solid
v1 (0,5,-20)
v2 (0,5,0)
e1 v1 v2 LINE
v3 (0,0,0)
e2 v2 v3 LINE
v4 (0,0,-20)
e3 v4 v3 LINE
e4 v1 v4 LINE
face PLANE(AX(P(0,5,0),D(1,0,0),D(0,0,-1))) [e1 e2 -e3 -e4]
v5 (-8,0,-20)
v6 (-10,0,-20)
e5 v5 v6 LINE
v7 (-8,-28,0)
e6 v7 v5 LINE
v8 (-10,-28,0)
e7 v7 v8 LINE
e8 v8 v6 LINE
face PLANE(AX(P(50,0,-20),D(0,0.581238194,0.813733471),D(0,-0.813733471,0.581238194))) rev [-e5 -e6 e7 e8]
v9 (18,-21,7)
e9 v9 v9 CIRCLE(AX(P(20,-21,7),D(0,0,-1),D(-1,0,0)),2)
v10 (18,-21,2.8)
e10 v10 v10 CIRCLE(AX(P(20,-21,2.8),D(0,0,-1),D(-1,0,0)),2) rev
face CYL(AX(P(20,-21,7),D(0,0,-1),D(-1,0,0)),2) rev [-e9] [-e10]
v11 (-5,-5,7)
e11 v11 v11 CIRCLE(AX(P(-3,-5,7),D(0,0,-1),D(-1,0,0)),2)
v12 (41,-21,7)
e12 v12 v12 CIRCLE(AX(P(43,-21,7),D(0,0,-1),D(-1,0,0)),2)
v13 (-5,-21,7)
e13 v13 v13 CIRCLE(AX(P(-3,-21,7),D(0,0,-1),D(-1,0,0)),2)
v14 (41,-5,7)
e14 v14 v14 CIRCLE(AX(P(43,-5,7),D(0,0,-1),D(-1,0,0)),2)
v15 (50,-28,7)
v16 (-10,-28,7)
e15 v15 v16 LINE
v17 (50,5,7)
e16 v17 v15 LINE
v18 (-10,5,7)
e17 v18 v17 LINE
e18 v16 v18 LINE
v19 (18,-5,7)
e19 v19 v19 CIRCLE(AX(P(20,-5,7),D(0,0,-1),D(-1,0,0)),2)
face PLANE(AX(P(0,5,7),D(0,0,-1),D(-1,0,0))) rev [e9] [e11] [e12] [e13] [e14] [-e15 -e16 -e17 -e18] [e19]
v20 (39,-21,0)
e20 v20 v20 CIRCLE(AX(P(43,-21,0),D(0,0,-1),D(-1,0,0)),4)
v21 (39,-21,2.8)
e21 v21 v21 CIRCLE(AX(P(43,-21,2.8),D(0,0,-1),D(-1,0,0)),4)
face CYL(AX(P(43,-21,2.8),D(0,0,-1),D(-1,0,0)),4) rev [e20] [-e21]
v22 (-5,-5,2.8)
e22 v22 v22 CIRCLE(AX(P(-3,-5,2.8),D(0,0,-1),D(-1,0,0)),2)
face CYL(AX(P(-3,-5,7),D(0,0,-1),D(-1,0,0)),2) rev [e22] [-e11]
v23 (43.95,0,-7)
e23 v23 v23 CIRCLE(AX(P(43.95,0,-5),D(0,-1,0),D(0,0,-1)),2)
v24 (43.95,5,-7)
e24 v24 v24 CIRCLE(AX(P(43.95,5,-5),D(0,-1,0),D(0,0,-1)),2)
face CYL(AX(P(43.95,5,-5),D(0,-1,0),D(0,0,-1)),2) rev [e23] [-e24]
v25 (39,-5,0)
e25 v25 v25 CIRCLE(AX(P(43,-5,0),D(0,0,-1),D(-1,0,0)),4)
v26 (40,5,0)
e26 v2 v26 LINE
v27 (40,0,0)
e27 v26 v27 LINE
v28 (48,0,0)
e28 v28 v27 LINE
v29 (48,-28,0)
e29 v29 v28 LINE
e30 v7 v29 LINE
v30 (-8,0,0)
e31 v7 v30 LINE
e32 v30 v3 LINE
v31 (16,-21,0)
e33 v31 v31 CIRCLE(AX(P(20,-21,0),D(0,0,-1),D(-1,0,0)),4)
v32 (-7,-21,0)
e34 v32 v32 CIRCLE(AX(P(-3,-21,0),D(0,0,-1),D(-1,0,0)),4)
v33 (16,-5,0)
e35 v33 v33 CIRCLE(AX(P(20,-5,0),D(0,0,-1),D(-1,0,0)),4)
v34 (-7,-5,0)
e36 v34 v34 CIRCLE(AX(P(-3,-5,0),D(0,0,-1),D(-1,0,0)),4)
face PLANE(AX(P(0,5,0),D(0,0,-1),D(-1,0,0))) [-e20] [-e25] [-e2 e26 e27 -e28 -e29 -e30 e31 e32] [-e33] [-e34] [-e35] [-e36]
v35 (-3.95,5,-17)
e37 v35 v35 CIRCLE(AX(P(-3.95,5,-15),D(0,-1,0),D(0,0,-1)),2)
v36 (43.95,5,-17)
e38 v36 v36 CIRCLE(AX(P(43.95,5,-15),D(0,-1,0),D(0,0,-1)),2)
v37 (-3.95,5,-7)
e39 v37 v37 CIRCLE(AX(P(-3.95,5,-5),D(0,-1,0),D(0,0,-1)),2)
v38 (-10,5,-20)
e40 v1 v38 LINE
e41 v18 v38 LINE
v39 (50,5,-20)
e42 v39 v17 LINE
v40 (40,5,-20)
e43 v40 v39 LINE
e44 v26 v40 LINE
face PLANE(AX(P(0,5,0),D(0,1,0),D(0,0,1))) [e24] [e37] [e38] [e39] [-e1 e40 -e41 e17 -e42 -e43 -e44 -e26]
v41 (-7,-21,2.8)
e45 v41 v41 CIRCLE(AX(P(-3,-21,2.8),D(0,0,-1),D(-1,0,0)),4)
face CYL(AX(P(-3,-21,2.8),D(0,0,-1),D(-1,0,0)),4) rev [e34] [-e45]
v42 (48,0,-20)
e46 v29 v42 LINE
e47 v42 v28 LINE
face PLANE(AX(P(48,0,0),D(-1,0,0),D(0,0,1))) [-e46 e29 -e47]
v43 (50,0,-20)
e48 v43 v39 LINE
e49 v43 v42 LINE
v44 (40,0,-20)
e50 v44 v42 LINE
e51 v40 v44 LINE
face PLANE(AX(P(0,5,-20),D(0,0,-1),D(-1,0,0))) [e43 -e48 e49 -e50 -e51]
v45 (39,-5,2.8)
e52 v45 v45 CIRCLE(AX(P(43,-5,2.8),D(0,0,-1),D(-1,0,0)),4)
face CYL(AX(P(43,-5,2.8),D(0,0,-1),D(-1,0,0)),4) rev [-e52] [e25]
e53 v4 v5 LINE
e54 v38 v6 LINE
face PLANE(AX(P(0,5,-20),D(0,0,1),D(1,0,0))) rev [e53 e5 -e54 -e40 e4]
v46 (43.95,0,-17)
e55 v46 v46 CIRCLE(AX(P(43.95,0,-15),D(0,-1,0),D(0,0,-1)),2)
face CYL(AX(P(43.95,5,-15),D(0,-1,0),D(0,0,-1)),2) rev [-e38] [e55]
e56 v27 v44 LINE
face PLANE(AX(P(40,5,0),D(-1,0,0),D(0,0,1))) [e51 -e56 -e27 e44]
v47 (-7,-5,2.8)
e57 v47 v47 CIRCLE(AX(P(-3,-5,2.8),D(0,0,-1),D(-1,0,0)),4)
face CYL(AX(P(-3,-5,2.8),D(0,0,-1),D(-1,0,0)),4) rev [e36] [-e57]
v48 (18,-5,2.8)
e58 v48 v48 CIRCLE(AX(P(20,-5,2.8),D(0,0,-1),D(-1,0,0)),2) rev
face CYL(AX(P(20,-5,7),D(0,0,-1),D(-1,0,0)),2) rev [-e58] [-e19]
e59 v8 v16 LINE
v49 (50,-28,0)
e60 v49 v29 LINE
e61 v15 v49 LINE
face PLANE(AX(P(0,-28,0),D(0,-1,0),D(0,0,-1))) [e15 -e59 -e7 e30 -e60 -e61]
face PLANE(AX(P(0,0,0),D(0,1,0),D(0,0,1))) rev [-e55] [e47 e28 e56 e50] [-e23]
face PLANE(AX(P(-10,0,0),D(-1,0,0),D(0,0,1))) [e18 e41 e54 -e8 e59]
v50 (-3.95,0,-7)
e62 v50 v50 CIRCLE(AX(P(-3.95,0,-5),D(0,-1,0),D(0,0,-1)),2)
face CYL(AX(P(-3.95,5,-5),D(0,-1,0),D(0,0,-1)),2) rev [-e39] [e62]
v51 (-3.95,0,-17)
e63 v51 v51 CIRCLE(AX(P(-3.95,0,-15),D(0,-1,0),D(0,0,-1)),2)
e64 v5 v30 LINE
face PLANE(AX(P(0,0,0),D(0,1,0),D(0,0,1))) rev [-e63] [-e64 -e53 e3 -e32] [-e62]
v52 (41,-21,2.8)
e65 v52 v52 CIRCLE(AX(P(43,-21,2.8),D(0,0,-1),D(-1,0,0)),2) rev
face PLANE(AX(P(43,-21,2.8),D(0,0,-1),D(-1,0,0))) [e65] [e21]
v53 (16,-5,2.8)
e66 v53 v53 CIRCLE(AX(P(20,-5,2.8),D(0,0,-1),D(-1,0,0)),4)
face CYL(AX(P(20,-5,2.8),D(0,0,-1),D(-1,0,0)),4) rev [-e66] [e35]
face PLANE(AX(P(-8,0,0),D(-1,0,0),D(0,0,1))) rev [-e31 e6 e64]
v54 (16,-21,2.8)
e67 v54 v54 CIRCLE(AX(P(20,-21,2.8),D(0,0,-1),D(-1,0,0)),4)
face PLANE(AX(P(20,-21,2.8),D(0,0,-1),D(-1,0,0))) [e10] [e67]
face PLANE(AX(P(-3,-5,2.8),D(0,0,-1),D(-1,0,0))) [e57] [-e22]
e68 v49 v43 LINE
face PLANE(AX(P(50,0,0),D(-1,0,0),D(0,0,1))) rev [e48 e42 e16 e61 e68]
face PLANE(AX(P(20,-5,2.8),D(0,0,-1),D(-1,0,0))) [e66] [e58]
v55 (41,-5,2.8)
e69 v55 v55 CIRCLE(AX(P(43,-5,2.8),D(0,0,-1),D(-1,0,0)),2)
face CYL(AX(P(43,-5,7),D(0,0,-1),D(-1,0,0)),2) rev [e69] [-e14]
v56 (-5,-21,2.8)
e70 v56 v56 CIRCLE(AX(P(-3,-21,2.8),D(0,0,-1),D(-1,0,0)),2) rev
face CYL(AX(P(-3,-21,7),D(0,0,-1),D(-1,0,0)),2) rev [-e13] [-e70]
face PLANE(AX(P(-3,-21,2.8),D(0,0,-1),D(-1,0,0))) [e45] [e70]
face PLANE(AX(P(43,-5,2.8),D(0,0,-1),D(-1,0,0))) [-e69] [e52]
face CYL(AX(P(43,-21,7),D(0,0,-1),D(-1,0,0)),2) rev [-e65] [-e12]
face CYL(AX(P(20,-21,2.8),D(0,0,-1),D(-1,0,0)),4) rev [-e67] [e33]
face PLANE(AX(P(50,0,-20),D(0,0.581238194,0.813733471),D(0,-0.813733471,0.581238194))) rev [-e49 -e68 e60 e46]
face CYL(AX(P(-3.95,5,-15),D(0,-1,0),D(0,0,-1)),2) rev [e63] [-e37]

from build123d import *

# Parameters (mm, degrees)
SKETCH2_W               = 8
SKETCH2_H               = 20
SKETCH2_W_2             = 11.75
SKETCH2_H_2             = 12.66
BOSS_EXTRUDE1_DEPTH     = 5
SKETCH3_W               = 13.1
SKETCH3_H               = 7
BOSS_EXTRUDE2_DEPTH     = 28
SKETCH4_W               = 5.75
SKETCH4_H               = 12.66
CUT_EXTRUDE1_DEPTH      = 62.587336361
SKETCH5_R               = 2
CUT_EXTRUDE2_DEPTH      = 61.902073035
SKETCH6_R               = 2
CUT_EXTRUDE3_DEPTH      = 60.059292241
SKETCH7_W               = 7
SKETCH7_H               = 28
BOSS_EXTRUDE3_DEPTH     = 19.4
SKETCH8_W               = 27
SKETCH8_H               = 33
BOSS_EXTRUDE4_DEPTH     = 2
SKETCH9_W               = 27
SKETCH9_H               = 33
BOSS_EXTRUDE5_DEPTH     = 2
CUT_EXTRUDE4_DEPTH      = 68.4388612
CUT_EXTRUDE4_DEPTH_BACK = 68.4388612
SKETCH11_W              = 12.66
SKETCH11_H              = 33
CUT_EXTRUDE5_DEPTH      = 48.572287101
SKETCH12_R              = 2
CUT_EXTRUDE6_DEPTH      = 61.695963622
SKETCH13_R              = 4
SKETCH13_R_2            = 2
CUT_EXTRUDE7_DEPTH      = 2.8


with BuildPart() as part:
    # Sketch2 → Boss-Extrude1 (new body)
    with BuildSketch(Plane(origin=(0, 0, 0), x_dir=(1, 0, 0), z_dir=(0, 1, 0))):
        with Locations((-4, 10)):
            Rectangle(SKETCH2_W, SKETCH2_H)
        Polygon((40, 0), (0, 0), (-8, 0), (-8, -7), (3.75, -7), (16.85, -7), (28.6, -7), (48, -7), (48, 0), align=None)
        with Locations((-2.125, -13.33)):
            Rectangle(SKETCH2_W_2, SKETCH2_H_2)
        with Locations((22.725, -13.33)):
            Rectangle(SKETCH2_W_2, SKETCH2_H_2)
        with Locations((44, 10)):
            Rectangle(SKETCH2_W, SKETCH2_H)
    extrude(amount=BOSS_EXTRUDE1_DEPTH)

    # Sketch3 → Boss-Extrude2 (add)
    with BuildSketch(Plane.XZ):
        Polygon((3.75, 19.66), (-8, 19.66), (-8, 0), (0, 0), (3.75, 0), (3.75, 7), align=None)
        with Locations((10.3, 3.5)):
            Rectangle(SKETCH3_W, SKETCH3_H)
        Polygon((16.85, 19.66), (16.85, 7), (16.85, 0), (28.6, 0), (28.6, 7), (28.6, 19.66), align=None)
    extrude(amount=BOSS_EXTRUDE2_DEPTH)

    # Sketch4 → Cut-Extrude1 (cut, through all)
    with BuildSketch(Plane.XZ.offset(28)):
        with Locations((-5.125, 13.33)):
            Rectangle(SKETCH4_W, SKETCH4_H)
        with Locations((25.725, 13.33)):
            Rectangle(SKETCH4_W, SKETCH4_H)
    extrude(amount=-CUT_EXTRUDE1_DEPTH, mode=Mode.SUBTRACT)

    # Sketch5 → Cut-Extrude2 (cut, through all)
    with BuildSketch(Plane.ZY.offset(2.25)):
        with Locations((13.33, -2)):
            Circle(SKETCH5_R)
        with Locations((13.33, -21)):
            Circle(SKETCH5_R)
        with Locations((13.33, -11.5)):
            Circle(SKETCH5_R)
    extrude(amount=-CUT_EXTRUDE2_DEPTH, mode=Mode.SUBTRACT)

    # Sketch6 → Cut-Extrude3 (cut, through all)
    with BuildSketch(Plane.XZ):
        with Locations(Location((43.95, -5, 0), (0, 0, 270))):
            Circle(SKETCH6_R)
        with Locations(Location((43.95, -15, 0), (0, 0, 270))):
            Circle(SKETCH6_R)
        with Locations(Location((-3.95, -5, 0), (0, 0, 270))):
            Circle(SKETCH6_R)
        with Locations(Location((-3.95, -15, 0), (0, 0, 270))):
            Circle(SKETCH6_R)
    extrude(amount=-CUT_EXTRUDE3_DEPTH, mode=Mode.SUBTRACT)

    # Sketch7 → Boss-Extrude3 (add)
    with BuildSketch(Plane(origin=(28.6, 0, 0), x_dir=(0, 0, -1), z_dir=(1, 0, 0))):
        with Locations((-3.5, -14)):
            Rectangle(SKETCH7_W, SKETCH7_H)
    extrude(amount=BOSS_EXTRUDE3_DEPTH)

    # Sketch8 → Boss-Extrude4 (add)
    with BuildSketch(Plane(origin=(48, 0, 0), x_dir=(0, 0, -1), z_dir=(1, 0, 0))):
        with Locations((6.5, -11.5)):
            Rectangle(SKETCH8_W, SKETCH8_H)
    extrude(amount=BOSS_EXTRUDE4_DEPTH)

    # Sketch9 → Boss-Extrude5 (add)
    with BuildSketch(Plane.ZY.offset(8)):
        with Locations((-6.5, -11.5)):
            Rectangle(SKETCH9_W, SKETCH9_H)
    extrude(amount=BOSS_EXTRUDE5_DEPTH)

    # Sketch10 → Cut-Extrude4 (cut, two sides: drawn at the far end of the back side and taken through both)
    with BuildSketch(Plane.ZY.offset(-48).offset(-CUT_EXTRUDE4_DEPTH_BACK)):
        Polygon((-20, 0), (0, -28), (-20, -28), align=None)
    extrude(amount=CUT_EXTRUDE4_DEPTH + CUT_EXTRUDE4_DEPTH_BACK, mode=Mode.SUBTRACT)

    # Sketch11 → Cut-Extrude5 (cut, through all)
    with BuildSketch(Plane(origin=(22.85, 0, 0), x_dir=(0, 0, -1), z_dir=(1, 0, 0))):
        with Locations((-13.33, -11.5)):
            Rectangle(SKETCH11_W, SKETCH11_H)
    extrude(amount=-CUT_EXTRUDE5_DEPTH, mode=Mode.SUBTRACT)

    # Sketch12 → Cut-Extrude6 (cut, through all)
    with BuildSketch(Plane(origin=(0, 0, 0), x_dir=(-1, 0, 0), z_dir=(0, 0, -1))):
        with Locations((-43, -5)):
            Circle(SKETCH12_R)
        with Locations((3, -5)):
            Circle(SKETCH12_R)
        with Locations((3, -21)):
            Circle(SKETCH12_R)
        with Locations((-43, -21)):
            Circle(SKETCH12_R)
        with Locations((-20, -5)):
            Circle(SKETCH12_R)
        with Locations((-20, -21)):
            Circle(SKETCH12_R)
    extrude(amount=-CUT_EXTRUDE6_DEPTH, mode=Mode.SUBTRACT)

    # Sketch13 → Cut-Extrude7 (cut)
    # profile 1 of 6: a face of its own
    with BuildSketch(Plane(origin=(0, 0, 0), x_dir=(-1, 0, 0), z_dir=(0, 0, -1))):
        with Locations((3, -5)):
            Circle(SKETCH13_R)
        with Locations((3, -5)):
            Circle(SKETCH13_R_2, mode=Mode.SUBTRACT)
    # profile 2 of 6: a face of its own
    with BuildSketch(Plane(origin=(0, 0, 0), x_dir=(-1, 0, 0), z_dir=(0, 0, -1))):
        with Locations((-43, -5)):
            Circle(SKETCH13_R)
        with Locations((-43, -5)):
            Circle(SKETCH13_R_2, mode=Mode.SUBTRACT)
    # profile 3 of 6: a face of its own
    with BuildSketch(Plane(origin=(0, 0, 0), x_dir=(-1, 0, 0), z_dir=(0, 0, -1))):
        with Locations((3, -21)):
            Circle(SKETCH13_R)
    # profile 4 of 6: a face of its own
    with BuildSketch(Plane(origin=(0, 0, 0), x_dir=(-1, 0, 0), z_dir=(0, 0, -1))):
        with Locations((-43, -21)):
            Circle(SKETCH13_R)
    # profile 5 of 6: a face of its own
    with BuildSketch(Plane(origin=(0, 0, 0), x_dir=(-1, 0, 0), z_dir=(0, 0, -1))):
        with Locations((-20, -21)):
            Circle(SKETCH13_R)
    # profile 6 of 6: a face of its own
    with BuildSketch(Plane(origin=(0, 0, 0), x_dir=(-1, 0, 0), z_dir=(0, 0, -1))):
        with Locations((-20, -5)):
            Circle(SKETCH13_R)
    extrude(amount=-CUT_EXTRUDE7_DEPTH, mode=Mode.SUBTRACT)


solid = part.part
